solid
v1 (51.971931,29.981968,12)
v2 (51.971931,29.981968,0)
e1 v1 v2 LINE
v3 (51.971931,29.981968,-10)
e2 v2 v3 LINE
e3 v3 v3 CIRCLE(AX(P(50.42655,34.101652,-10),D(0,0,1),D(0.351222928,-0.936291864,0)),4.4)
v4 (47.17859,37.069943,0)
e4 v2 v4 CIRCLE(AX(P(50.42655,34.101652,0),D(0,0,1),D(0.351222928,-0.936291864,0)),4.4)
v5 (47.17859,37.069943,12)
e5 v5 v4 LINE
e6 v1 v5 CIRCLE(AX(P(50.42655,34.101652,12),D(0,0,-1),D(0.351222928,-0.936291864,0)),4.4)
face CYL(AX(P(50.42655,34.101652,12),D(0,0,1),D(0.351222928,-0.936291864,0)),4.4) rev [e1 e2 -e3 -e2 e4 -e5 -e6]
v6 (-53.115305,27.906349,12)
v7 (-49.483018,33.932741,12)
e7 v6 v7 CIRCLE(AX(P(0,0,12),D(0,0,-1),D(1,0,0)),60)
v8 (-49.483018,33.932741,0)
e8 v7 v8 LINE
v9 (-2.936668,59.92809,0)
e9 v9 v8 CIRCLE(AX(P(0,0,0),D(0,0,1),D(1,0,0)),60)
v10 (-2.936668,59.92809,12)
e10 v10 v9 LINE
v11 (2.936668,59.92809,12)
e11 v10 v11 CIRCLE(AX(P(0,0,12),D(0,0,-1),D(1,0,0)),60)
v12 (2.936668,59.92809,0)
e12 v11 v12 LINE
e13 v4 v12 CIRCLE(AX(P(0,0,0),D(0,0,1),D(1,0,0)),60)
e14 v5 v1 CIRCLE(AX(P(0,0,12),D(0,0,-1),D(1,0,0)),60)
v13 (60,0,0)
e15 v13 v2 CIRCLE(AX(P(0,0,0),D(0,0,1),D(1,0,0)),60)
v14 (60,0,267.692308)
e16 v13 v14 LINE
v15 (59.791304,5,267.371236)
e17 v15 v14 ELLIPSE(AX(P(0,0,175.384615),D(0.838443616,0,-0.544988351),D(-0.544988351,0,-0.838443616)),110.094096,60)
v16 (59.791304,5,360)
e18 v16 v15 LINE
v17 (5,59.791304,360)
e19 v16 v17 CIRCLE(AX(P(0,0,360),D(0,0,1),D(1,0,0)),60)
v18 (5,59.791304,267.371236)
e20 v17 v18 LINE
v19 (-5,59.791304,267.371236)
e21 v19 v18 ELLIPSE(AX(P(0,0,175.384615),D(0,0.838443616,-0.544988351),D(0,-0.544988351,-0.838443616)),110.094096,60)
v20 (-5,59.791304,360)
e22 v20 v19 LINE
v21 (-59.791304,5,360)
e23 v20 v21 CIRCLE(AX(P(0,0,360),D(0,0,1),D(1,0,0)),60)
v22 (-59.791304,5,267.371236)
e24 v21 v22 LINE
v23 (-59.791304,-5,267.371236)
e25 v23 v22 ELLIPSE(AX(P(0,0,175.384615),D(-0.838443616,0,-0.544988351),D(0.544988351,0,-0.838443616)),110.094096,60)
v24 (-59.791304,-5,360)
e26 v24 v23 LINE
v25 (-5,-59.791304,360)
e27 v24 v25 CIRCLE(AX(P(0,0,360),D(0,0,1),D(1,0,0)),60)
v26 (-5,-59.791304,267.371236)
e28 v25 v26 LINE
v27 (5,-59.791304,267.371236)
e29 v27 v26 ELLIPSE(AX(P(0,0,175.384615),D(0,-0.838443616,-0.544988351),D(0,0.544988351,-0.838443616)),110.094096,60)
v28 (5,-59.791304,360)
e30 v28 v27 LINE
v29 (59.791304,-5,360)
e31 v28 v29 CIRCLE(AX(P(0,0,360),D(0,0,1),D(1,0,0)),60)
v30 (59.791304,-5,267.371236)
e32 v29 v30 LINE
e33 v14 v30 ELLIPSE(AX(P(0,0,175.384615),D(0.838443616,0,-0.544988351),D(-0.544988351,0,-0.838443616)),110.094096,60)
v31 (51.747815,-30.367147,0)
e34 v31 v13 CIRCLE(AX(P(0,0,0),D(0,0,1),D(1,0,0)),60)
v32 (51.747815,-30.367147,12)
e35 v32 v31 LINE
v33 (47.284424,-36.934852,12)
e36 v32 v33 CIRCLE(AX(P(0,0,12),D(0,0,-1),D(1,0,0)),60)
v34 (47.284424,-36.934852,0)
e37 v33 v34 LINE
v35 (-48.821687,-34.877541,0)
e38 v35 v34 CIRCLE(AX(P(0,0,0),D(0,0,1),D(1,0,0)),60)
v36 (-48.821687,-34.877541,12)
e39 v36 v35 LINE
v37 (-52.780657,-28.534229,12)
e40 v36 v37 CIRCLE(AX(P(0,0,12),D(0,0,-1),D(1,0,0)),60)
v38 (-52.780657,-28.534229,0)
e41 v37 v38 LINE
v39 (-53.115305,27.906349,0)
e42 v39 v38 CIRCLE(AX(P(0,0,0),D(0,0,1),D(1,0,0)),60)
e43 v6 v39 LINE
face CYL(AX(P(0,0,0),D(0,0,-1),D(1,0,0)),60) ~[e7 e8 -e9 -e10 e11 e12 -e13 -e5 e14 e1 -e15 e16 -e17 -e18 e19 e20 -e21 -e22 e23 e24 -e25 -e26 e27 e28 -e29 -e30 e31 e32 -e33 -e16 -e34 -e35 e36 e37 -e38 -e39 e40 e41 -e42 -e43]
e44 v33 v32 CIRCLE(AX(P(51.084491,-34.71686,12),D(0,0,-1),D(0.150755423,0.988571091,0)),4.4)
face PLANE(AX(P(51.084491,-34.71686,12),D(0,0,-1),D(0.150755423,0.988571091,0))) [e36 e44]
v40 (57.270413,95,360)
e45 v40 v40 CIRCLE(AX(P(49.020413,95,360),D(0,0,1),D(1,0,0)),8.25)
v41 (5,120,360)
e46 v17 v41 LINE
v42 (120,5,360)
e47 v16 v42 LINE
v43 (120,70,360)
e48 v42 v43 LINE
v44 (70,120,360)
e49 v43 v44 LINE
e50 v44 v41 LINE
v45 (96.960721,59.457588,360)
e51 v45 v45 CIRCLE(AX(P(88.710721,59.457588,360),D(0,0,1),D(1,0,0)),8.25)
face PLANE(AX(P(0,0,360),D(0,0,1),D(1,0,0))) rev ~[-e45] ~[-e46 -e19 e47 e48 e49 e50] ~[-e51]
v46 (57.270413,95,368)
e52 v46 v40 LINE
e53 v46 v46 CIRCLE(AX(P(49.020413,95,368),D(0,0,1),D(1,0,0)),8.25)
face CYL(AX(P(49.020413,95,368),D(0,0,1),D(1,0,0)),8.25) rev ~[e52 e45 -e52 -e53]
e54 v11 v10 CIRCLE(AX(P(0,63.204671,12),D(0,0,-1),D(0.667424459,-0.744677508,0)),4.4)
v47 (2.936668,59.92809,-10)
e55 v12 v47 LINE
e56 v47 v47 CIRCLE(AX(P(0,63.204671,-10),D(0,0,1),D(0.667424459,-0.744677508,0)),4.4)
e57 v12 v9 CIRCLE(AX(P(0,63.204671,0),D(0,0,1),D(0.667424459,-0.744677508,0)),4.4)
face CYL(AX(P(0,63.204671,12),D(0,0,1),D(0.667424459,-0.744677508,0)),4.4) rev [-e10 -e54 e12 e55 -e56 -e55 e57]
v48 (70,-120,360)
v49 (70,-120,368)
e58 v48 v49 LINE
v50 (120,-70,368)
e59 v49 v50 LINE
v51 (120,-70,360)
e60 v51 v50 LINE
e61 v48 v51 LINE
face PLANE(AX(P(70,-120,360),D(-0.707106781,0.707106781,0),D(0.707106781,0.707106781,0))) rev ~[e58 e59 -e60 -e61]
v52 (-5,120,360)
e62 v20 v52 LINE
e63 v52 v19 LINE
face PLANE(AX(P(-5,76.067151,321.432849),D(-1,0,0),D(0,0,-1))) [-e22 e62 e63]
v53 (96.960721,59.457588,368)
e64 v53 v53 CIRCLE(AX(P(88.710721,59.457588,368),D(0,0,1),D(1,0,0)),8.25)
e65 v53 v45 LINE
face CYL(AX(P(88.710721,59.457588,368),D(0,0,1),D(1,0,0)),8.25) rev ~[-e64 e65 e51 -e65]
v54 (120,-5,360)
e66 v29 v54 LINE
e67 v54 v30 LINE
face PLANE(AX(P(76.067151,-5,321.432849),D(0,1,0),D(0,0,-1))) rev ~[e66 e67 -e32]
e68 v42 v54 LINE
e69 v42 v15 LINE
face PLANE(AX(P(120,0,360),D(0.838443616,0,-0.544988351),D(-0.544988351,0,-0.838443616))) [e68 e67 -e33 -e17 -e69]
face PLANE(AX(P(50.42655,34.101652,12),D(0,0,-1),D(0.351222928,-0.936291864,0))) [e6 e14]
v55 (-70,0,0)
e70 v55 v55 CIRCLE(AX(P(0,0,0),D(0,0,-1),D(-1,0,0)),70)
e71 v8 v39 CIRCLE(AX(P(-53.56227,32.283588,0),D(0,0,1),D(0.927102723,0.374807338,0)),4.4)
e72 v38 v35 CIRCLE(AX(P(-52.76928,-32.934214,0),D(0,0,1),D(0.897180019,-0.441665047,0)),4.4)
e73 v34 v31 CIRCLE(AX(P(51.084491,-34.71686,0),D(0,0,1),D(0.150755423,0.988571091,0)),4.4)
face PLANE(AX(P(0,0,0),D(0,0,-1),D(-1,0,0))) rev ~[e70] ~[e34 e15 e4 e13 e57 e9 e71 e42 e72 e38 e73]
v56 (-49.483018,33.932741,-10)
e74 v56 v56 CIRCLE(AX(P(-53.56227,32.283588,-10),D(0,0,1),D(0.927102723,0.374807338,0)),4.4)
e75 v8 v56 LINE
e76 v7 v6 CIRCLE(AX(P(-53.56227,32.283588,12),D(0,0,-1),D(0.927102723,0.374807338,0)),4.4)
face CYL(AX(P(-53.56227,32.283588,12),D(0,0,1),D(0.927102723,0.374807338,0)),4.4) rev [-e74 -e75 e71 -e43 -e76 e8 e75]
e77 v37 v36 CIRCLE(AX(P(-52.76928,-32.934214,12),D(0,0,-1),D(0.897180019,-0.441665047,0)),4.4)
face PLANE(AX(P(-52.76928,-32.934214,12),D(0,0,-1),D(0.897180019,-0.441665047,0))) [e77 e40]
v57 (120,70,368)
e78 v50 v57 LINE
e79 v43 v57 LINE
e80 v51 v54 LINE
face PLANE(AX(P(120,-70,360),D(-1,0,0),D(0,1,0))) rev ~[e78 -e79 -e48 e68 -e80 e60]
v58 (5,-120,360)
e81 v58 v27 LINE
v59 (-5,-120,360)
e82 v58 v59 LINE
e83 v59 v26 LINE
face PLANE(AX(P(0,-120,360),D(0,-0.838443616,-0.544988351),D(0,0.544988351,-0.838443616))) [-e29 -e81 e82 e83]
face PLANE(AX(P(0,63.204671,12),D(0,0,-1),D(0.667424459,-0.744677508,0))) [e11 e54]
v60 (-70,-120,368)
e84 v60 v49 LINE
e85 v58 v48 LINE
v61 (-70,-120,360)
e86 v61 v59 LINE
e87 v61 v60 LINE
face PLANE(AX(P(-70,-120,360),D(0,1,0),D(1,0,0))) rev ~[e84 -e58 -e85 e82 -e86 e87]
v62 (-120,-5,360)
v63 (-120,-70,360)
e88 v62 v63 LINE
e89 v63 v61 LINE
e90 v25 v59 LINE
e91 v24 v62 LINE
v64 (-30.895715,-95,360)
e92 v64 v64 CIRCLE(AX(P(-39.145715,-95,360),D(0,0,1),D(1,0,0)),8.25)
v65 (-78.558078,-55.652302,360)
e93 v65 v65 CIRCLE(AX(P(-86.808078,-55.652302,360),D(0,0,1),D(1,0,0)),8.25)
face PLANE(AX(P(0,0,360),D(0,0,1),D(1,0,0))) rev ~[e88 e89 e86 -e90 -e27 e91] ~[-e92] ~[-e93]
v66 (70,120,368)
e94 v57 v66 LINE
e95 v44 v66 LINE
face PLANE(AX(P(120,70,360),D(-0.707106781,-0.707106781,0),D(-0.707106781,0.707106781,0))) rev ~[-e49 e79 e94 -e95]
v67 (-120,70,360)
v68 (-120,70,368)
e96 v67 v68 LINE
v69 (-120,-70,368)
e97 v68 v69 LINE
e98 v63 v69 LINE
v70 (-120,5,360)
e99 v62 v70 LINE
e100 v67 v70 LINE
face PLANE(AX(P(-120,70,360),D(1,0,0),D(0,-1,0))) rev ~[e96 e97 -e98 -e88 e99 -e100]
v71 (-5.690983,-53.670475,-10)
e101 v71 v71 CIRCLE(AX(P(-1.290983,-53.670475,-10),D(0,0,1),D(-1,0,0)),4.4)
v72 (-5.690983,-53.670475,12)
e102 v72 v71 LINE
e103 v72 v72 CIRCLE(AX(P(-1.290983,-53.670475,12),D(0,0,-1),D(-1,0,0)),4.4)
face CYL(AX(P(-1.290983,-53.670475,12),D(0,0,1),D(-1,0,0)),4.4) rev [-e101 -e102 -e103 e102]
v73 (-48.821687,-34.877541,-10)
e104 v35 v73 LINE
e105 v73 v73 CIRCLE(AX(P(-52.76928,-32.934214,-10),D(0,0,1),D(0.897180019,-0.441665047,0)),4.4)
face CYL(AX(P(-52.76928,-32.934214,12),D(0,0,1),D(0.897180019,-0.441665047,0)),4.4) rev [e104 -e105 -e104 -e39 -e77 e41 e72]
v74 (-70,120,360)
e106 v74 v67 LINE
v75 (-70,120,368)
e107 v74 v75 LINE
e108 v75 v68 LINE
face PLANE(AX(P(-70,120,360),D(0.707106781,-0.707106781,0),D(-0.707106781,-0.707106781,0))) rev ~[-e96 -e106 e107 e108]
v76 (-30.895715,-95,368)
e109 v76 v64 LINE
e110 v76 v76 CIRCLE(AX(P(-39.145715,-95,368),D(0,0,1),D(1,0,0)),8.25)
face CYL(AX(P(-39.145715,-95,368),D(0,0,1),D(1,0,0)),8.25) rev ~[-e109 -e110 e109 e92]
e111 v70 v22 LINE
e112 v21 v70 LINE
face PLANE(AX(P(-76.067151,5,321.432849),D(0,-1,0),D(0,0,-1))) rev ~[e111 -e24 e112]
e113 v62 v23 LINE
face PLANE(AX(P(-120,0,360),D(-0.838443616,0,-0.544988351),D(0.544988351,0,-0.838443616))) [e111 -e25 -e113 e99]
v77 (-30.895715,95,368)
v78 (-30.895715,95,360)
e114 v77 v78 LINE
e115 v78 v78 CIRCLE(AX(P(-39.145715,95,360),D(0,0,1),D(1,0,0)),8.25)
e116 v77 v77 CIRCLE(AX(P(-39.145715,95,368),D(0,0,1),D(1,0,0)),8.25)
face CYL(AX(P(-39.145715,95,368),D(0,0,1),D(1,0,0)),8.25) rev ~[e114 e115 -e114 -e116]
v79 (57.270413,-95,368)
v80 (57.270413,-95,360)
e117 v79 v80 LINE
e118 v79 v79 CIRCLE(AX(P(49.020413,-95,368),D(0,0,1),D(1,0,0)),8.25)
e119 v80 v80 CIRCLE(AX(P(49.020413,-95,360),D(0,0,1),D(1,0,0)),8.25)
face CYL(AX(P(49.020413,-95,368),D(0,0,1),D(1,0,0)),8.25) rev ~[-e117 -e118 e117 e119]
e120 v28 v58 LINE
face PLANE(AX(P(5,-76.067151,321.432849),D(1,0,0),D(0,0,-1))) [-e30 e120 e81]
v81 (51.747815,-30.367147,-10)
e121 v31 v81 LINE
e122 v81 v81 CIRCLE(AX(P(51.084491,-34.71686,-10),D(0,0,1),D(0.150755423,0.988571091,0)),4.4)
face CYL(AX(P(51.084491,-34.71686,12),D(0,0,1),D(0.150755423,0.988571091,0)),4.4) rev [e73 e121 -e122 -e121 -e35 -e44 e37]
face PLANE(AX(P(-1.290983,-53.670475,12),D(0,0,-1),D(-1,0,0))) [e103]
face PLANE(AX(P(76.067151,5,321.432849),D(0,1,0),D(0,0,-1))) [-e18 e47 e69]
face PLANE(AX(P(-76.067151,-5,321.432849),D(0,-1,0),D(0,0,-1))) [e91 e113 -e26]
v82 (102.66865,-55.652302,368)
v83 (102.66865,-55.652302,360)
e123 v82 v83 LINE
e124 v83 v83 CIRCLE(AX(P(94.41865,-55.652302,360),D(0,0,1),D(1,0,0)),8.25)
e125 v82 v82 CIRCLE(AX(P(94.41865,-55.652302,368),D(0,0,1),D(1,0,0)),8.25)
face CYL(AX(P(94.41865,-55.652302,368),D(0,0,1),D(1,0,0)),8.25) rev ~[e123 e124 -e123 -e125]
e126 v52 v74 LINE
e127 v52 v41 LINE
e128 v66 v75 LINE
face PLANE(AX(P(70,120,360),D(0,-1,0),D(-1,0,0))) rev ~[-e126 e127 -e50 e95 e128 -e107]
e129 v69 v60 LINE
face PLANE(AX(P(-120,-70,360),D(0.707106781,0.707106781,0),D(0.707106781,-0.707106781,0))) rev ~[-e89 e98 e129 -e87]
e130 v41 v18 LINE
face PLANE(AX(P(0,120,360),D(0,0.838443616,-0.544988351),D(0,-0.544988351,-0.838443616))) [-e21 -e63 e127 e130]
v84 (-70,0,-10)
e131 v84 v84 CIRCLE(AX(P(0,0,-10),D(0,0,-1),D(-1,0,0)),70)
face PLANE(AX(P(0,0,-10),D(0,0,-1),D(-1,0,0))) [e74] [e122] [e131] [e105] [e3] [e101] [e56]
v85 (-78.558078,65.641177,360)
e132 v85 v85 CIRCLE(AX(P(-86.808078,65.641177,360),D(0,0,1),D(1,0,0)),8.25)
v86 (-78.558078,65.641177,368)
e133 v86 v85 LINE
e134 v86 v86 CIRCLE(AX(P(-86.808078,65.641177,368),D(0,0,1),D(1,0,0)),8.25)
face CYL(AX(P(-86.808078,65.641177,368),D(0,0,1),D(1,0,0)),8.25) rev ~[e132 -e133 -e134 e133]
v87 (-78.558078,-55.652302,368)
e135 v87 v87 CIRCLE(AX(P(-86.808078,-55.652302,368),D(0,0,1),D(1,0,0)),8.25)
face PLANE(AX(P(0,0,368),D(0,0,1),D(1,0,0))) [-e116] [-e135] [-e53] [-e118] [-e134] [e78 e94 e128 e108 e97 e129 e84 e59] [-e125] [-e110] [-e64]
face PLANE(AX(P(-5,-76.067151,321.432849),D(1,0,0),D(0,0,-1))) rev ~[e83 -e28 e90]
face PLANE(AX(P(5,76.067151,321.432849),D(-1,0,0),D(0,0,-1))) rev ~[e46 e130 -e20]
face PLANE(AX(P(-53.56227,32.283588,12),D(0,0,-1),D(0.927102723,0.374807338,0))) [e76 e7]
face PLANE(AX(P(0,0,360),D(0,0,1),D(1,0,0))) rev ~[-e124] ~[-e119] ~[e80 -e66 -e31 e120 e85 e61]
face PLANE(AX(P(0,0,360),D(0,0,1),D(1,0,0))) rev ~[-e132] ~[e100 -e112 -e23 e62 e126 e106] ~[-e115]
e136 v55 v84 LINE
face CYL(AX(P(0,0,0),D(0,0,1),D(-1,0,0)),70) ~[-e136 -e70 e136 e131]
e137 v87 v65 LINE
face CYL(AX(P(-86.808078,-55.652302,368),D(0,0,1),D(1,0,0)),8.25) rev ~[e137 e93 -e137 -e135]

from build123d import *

# Parameters (mm, degrees)
SKETCH2_R               = 60
BOSS_EXTRUDE1_DEPTH     = 360
SKETCH3_R               = 70
BOSS_EXTRUDE2_DEPTH     = 10
BOSS_EXTRUDE4_DEPTH     = 8
BOSS_EXTRUDE5_DEPTH     = 5
CIRPATTERN1_COUNT       = 4
SKETCH5_R               = 8.25
CUT_EXTRUDE2_DEPTH      = 10
SKETCH8_R               = 8.25
CUT_EXTRUDE3_DEPTH      = 10
CUT_EXTRUDE8_DEPTH      = 25
CUT_EXTRUDE8_DEPTH_BACK = 22
SKETCH9_R               = 4.4


with BuildPart() as part:
    # Sketch2 → Boss-Extrude1 (new body)
    with BuildSketch(Plane.XY):
        Circle(SKETCH2_R)
    extrude(amount=BOSS_EXTRUDE1_DEPTH)

    # Sketch3 → Boss-Extrude2 (add)
    with BuildSketch(Plane(origin=(0, 0, 0), x_dir=(-1, 0, 0), z_dir=(0, 0, -1))):
        Circle(SKETCH3_R)
    extrude(amount=BOSS_EXTRUDE2_DEPTH)

    # Sketch4 → Boss-Extrude4 (add)
    with BuildSketch(Plane.XY.offset(360)):
        Polygon((-70, 120), (-120, 70), (-120, -70), (-70, -120), (70, -120), (120, -70), (120, 70), (70, 120), align=None)
    extrude(amount=BOSS_EXTRUDE4_DEPTH)

    # Sketch7 → Boss-Extrude5 (add, symmetric)
    with BuildSketch(Plane(origin=(0, 0, 0), x_dir=(0, 0, -1), z_dir=(1, 0, 0))):
        Polygon((-360, -120), (-260, -55), (-360, -55), align=None)
    boss_extrude5 = extrude(amount=BOSS_EXTRUDE5_DEPTH, both=True)

    # CirPattern1: Boss-Extrude5 ×4 about axis
    cirpattern1_axis = Axis((0, 0, 0), (0, 0, 1))
    for i in range(1, CIRPATTERN1_COUNT):
        add(boss_extrude5.rotate(cirpattern1_axis, i * 360 / CIRPATTERN1_COUNT))

    # Sketch5 → Cut-Extrude2 (cut)
    with BuildSketch(Plane.XY.offset(368)):
        with Locations((-39.145715053, 95)):
            Circle(SKETCH5_R)
        with Locations((-39.145715053, -95)):
            Circle(SKETCH5_R)
        with Locations((49.020413154, 95)):
            Circle(SKETCH5_R)
        with Locations((49.020413154, -95)):
            Circle(SKETCH5_R)
    extrude(amount=-CUT_EXTRUDE2_DEPTH, mode=Mode.SUBTRACT)

    # Sketch8 → Cut-Extrude3 (cut)
    with BuildSketch(Plane.XY.offset(368)):
        with Locations((-86.808078285, 65.641177005)):
            Circle(SKETCH8_R)
        with Locations((-86.808078285, -55.652302243)):
            Circle(SKETCH8_R)
        with Locations((94.418649532, -55.652302243)):
            Circle(SKETCH8_R)
        with Locations((88.710721097, 59.457587867)):
            Circle(SKETCH8_R)
    extrude(amount=-CUT_EXTRUDE3_DEPTH, mode=Mode.SUBTRACT)

    # Sketch9 → Cut-Extrude8 (cut, two sides: drawn at the far end of the back side and taken through both)
    with BuildSketch(Plane(origin=(0, 0, -10), x_dir=(-1, 0, 0), z_dir=(0, 0, -1)).offset(-CUT_EXTRUDE8_DEPTH_BACK)):
        with Locations(Location((0, 63.204671138, 0), (0, 0, 228.131406789))):
            Circle(SKETCH9_R)
        with Locations((1.290982991, -53.670475155)):
            Circle(SKETCH9_R)
        with Locations(Location((53.562270393, 32.283588378, 0), (0, 0, 157.987594356))):
            Circle(SKETCH9_R)
        with Locations(Location((-50.426550115, 34.101651925, 0), (0, 0, 249.437866914))):
            Circle(SKETCH9_R)
        with Locations(Location((52.769279557, -32.934214303, 0), (0, 0, 206.210166052))):
            Circle(SKETCH9_R)
        with Locations(Location((-51.084491131, -34.716860238, 0), (0, 0, 98.670706964))):
            Circle(SKETCH9_R)
    extrude(amount=CUT_EXTRUDE8_DEPTH + CUT_EXTRUDE8_DEPTH_BACK, mode=Mode.SUBTRACT)


solid = part.part
